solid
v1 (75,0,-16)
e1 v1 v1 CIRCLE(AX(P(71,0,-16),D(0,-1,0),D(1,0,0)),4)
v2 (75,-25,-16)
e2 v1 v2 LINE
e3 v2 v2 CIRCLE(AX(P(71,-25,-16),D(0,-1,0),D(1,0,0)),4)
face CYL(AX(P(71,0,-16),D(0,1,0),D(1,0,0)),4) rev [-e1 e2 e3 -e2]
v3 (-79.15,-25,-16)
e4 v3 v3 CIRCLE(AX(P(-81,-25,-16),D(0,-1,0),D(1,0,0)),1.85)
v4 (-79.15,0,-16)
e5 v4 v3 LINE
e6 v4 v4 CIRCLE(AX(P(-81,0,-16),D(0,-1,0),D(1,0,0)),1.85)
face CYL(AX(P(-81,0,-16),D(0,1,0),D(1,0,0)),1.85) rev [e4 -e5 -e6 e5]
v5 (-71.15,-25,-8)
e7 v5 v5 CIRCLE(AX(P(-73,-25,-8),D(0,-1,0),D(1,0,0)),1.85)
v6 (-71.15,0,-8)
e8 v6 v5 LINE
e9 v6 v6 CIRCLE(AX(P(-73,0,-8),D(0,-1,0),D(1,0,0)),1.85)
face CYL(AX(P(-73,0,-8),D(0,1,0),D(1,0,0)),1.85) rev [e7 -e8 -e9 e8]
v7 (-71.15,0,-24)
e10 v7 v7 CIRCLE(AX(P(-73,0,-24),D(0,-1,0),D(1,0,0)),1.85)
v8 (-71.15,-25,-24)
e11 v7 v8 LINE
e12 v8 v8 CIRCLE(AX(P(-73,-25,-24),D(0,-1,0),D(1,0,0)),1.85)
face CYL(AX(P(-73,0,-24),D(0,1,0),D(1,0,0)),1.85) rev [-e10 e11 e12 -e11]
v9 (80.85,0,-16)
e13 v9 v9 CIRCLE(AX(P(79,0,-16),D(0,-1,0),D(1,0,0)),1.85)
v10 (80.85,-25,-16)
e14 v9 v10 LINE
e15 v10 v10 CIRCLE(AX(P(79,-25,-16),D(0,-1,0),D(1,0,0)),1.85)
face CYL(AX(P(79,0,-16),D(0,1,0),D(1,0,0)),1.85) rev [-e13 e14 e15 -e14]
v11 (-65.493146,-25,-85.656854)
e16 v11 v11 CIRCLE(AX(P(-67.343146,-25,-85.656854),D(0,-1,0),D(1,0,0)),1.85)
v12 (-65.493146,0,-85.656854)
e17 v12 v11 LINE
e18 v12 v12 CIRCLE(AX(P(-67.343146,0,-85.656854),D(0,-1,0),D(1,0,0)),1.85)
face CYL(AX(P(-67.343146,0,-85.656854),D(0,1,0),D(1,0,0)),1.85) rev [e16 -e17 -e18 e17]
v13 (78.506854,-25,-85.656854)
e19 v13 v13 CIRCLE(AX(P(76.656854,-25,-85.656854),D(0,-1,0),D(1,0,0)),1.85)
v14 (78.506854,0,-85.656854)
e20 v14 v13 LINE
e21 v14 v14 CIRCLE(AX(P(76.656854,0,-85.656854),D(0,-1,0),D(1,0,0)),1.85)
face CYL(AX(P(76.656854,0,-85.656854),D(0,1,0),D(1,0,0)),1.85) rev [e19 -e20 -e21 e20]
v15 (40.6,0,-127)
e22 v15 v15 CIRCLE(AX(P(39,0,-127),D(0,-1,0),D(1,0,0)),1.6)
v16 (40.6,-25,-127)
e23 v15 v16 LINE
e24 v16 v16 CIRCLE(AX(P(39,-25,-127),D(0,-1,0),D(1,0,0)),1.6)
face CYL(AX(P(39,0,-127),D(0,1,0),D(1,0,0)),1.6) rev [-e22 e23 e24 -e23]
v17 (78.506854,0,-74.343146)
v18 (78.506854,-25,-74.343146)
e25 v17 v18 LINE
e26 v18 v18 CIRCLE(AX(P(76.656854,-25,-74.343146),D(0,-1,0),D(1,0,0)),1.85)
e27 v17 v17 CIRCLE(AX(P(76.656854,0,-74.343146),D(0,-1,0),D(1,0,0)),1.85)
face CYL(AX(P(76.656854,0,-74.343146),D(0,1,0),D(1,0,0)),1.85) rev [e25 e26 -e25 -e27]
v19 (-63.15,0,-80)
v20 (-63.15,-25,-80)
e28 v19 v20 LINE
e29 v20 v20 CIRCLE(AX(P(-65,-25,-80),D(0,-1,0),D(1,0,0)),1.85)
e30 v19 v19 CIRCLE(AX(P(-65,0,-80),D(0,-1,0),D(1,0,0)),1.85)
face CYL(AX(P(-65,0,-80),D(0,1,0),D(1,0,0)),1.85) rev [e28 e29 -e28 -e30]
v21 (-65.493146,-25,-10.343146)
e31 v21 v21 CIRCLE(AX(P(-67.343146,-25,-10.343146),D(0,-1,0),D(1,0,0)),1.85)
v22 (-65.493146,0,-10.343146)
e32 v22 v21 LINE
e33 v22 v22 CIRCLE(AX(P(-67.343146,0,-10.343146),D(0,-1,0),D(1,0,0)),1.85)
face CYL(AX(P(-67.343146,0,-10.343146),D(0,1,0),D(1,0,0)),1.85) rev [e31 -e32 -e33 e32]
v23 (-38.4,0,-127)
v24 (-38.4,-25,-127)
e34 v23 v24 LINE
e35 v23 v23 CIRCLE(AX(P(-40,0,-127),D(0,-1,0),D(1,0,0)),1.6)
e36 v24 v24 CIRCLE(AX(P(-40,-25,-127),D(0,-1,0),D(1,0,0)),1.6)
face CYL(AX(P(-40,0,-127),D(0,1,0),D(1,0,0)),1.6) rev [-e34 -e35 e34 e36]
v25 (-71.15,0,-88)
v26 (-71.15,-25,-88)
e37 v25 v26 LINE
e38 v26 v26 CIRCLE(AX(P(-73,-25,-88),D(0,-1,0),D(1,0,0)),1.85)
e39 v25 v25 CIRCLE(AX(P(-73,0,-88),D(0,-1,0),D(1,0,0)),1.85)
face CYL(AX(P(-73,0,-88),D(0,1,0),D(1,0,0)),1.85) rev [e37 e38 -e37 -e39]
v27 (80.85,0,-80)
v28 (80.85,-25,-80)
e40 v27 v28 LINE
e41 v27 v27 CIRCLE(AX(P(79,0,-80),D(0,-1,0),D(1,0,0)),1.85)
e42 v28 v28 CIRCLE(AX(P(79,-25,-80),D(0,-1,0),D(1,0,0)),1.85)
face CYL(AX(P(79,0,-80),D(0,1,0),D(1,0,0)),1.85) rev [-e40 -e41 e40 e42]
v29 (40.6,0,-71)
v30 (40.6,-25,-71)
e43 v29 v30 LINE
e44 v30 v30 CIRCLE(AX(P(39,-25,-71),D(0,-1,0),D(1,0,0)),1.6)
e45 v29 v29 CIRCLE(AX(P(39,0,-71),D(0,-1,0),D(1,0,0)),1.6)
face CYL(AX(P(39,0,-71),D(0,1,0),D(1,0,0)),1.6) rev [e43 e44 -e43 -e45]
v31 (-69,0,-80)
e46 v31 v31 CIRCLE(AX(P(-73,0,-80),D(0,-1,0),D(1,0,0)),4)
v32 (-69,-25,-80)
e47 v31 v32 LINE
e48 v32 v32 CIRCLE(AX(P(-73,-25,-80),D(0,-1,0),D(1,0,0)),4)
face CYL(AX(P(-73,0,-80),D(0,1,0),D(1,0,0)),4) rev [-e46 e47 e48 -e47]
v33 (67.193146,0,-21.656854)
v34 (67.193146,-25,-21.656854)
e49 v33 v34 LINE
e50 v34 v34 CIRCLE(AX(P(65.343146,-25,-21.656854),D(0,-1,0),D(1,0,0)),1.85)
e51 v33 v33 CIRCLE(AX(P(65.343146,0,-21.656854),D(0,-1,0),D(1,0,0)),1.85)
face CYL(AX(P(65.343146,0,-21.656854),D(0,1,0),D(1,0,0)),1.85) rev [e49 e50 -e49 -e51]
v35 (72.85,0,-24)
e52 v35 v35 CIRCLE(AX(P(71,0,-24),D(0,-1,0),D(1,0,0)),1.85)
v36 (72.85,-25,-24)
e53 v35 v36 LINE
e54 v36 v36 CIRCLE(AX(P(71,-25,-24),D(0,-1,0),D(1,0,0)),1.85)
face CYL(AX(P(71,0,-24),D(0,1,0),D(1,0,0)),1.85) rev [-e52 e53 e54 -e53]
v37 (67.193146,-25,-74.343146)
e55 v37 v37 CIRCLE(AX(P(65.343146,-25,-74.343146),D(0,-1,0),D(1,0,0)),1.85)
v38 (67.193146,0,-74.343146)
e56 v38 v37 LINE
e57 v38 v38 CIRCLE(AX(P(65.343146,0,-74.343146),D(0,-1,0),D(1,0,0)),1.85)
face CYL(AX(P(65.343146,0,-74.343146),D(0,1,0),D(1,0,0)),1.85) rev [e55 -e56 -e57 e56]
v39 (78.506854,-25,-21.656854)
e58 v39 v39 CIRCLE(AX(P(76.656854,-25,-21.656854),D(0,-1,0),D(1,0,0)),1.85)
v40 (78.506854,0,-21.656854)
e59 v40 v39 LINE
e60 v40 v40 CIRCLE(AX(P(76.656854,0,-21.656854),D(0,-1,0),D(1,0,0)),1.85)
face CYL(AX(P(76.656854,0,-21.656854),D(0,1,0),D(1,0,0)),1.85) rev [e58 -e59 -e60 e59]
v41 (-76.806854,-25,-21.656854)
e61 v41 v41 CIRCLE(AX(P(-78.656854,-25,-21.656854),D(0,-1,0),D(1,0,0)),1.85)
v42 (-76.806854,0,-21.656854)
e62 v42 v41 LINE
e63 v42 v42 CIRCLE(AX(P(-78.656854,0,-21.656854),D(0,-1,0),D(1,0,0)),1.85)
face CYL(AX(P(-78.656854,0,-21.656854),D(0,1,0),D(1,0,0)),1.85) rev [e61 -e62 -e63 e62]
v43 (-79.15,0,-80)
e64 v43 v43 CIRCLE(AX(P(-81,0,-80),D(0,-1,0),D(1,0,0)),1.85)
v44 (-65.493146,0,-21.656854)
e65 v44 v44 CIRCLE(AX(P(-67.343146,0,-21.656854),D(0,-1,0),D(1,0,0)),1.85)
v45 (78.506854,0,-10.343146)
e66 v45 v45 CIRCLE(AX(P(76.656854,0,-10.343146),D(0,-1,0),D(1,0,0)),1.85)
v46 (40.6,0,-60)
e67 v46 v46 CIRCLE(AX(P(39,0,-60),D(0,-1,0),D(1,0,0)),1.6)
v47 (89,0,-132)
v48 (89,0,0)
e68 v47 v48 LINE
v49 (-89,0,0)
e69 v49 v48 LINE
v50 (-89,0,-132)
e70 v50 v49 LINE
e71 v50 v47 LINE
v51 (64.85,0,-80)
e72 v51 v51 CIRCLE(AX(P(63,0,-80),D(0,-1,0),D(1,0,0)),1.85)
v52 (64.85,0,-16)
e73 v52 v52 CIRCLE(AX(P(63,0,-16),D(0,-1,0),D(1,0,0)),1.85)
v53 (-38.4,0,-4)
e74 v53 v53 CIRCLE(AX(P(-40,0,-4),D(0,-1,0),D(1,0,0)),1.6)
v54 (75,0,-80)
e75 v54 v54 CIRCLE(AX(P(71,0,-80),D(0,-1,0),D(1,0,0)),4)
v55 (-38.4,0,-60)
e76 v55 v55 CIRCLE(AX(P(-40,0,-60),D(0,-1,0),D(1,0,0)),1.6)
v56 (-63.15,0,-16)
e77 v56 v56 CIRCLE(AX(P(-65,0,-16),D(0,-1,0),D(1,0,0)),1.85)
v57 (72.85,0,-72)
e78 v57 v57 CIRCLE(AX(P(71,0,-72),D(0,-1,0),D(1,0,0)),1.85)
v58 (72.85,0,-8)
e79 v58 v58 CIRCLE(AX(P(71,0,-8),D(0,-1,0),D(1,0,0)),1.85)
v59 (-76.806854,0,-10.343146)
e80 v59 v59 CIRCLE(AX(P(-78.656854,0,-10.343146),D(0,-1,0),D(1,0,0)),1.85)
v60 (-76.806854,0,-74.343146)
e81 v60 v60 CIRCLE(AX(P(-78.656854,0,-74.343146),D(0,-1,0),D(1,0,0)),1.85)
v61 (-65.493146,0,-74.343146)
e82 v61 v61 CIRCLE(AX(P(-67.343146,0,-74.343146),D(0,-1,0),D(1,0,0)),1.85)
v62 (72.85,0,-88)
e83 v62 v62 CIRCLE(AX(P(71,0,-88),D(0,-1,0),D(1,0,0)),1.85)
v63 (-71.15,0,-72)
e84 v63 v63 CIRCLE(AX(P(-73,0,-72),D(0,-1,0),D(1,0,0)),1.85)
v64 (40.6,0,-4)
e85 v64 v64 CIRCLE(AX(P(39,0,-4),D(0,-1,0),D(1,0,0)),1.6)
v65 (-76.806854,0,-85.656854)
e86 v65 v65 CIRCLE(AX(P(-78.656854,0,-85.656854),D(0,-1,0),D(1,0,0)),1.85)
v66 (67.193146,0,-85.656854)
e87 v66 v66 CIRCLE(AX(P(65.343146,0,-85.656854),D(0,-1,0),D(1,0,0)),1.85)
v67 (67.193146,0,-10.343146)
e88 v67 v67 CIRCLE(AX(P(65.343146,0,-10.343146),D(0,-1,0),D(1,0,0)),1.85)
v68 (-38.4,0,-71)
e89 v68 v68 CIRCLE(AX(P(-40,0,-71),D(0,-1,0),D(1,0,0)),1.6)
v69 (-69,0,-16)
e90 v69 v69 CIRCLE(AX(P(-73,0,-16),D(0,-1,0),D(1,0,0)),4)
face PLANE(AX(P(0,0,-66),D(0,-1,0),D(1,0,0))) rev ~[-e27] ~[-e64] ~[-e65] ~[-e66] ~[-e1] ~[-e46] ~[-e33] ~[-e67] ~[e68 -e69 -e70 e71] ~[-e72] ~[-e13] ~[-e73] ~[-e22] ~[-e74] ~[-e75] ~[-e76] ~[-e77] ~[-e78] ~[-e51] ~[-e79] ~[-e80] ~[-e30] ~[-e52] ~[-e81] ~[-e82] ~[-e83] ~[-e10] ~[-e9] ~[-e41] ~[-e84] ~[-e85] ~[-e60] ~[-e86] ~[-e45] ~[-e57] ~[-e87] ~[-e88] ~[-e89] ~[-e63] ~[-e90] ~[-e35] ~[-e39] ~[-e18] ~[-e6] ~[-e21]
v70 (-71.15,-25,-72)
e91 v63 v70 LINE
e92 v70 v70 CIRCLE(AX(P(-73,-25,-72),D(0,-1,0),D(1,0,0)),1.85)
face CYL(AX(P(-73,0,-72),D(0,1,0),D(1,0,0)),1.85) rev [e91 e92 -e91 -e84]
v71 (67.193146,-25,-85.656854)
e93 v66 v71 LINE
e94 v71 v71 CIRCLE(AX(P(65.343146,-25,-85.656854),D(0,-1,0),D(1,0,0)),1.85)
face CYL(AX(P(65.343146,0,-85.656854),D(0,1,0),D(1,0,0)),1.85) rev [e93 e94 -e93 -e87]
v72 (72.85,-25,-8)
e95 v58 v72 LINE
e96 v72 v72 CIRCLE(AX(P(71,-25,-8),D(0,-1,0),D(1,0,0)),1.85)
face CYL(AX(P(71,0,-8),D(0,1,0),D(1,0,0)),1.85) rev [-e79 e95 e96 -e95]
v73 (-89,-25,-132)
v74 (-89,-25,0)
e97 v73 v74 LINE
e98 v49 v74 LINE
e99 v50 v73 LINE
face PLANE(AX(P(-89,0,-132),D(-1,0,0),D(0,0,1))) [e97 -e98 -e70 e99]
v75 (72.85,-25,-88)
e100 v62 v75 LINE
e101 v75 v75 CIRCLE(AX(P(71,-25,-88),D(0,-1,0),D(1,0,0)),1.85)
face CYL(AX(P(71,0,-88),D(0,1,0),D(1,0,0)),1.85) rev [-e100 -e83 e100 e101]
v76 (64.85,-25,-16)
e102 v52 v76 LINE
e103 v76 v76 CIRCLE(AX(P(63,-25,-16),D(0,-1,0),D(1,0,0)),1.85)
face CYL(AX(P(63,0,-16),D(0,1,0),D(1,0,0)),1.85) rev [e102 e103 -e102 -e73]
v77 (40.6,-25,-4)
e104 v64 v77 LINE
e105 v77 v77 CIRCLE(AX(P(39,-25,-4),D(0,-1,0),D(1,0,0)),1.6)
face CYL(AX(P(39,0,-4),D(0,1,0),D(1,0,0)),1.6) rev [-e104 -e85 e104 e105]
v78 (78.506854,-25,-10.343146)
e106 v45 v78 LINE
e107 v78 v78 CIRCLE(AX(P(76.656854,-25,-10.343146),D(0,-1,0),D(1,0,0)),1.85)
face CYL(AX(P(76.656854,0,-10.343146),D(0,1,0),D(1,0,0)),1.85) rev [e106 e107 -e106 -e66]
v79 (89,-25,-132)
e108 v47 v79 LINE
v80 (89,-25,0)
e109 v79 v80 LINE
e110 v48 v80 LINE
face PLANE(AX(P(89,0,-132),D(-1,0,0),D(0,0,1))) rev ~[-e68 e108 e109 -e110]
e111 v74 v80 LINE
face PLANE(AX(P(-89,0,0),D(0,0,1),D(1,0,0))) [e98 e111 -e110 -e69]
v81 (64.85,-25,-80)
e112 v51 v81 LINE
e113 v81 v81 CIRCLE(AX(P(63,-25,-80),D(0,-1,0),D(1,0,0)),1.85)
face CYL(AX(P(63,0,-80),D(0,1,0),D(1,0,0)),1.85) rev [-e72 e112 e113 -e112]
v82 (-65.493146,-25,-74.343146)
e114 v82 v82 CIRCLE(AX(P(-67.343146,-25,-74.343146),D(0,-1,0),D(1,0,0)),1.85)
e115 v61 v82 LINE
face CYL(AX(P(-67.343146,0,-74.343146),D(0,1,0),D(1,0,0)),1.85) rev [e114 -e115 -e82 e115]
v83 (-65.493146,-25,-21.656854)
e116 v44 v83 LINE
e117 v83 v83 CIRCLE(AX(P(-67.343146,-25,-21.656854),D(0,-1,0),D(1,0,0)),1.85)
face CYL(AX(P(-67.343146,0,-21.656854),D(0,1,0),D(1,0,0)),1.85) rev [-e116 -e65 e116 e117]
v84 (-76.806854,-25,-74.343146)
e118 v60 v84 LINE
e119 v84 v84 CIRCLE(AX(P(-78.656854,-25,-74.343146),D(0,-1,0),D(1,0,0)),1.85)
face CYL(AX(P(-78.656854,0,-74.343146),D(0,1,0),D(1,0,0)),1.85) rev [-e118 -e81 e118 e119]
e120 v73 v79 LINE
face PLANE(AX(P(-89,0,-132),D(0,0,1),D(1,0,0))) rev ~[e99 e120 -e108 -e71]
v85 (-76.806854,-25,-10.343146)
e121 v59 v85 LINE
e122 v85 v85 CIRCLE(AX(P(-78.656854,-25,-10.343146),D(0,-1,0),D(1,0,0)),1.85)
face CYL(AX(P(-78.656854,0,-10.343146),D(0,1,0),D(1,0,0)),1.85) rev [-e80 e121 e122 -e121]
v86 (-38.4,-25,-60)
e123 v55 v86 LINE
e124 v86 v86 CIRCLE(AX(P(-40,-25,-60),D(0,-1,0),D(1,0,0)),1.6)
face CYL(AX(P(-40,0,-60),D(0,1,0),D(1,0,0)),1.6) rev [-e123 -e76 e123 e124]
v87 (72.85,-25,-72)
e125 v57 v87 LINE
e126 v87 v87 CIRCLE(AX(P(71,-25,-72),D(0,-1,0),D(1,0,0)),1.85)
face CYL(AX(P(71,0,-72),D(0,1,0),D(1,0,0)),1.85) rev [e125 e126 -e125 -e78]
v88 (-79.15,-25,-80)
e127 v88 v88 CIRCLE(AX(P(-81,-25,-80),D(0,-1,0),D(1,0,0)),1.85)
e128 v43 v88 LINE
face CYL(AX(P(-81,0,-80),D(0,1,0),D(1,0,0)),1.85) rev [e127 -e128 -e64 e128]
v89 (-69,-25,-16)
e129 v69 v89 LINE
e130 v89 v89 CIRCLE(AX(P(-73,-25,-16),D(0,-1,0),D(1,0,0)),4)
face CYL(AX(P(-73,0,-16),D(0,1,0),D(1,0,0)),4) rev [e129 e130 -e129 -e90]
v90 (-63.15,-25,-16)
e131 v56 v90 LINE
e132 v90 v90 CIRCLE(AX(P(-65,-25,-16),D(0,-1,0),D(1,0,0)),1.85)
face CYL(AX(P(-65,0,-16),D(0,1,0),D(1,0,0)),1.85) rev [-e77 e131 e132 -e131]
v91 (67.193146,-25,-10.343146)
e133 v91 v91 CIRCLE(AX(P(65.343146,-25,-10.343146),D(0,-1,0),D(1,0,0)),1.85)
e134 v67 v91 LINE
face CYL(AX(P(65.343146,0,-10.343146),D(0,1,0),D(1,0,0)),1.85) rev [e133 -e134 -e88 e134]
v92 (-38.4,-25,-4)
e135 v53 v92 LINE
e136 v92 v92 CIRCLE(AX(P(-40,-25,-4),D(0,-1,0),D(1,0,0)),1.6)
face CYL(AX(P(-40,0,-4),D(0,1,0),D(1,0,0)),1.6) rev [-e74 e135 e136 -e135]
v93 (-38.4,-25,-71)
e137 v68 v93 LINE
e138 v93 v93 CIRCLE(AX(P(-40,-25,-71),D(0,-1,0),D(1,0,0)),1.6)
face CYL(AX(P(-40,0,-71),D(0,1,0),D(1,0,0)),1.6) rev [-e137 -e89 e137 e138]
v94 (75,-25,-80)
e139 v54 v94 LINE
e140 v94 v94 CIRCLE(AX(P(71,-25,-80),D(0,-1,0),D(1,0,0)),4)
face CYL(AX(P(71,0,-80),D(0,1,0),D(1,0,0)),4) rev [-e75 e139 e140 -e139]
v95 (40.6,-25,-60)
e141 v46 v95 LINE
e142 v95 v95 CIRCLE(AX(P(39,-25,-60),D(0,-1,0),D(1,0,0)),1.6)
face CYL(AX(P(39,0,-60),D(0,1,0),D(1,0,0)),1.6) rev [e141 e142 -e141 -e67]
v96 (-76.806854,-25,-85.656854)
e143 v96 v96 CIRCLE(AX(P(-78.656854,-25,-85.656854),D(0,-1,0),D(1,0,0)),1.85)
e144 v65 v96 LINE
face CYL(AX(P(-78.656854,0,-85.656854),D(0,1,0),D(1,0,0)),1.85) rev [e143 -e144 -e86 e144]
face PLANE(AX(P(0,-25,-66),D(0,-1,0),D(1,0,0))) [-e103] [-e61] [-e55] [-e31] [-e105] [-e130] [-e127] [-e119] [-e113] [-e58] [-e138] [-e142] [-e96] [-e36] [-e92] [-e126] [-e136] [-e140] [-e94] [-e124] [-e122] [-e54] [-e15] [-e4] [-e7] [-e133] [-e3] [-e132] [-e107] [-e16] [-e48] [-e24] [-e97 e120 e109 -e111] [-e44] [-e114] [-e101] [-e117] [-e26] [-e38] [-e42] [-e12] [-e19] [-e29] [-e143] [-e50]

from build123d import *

# Parameters (mm, degrees)
F0_W     = 178
F0_H     = 132
F0_R     = 1.6
F0_R_2   = 1.85
F0_R_3   = 4
F1_DEPTH = 25


with BuildPart() as f1:
    # F0 (on Front) → F1 (new body)
    with BuildSketch(Plane.XZ):
        with Locations((0, -66)):
            Rectangle(F0_W, F0_H)
        with Locations((-40, -127)):
            Circle(F0_R, mode=Mode.SUBTRACT)
        with Locations((-78.656854, -85.656854)):
            Circle(F0_R_2, mode=Mode.SUBTRACT)
        with Locations((-73, -88)):
            Circle(F0_R_2, mode=Mode.SUBTRACT)
        with Locations((-67.343146, -85.656854)):
            Circle(F0_R_2, mode=Mode.SUBTRACT)
        with Locations((-81, -80)):
            Circle(F0_R_2, mode=Mode.SUBTRACT)
        with Locations((-78.656854, -74.343146)):
            Circle(F0_R_2, mode=Mode.SUBTRACT)
        with Locations((-73, -80)):
            Circle(F0_R_3, mode=Mode.SUBTRACT)
        with Locations((-67.343146, -74.343146)):
            Circle(F0_R_2, mode=Mode.SUBTRACT)
        with Locations((-73, -72)):
            Circle(F0_R_2, mode=Mode.SUBTRACT)
        with Locations((-65, -80)):
            Circle(F0_R_2, mode=Mode.SUBTRACT)
        with Locations((-40, -71)):
            Circle(F0_R, mode=Mode.SUBTRACT)
        with Locations((39, -127)):
            Circle(F0_R, mode=Mode.SUBTRACT)
        with Locations((39, -71)):
            Circle(F0_R, mode=Mode.SUBTRACT)
        with Locations((65.343146, -85.656854)):
            Circle(F0_R_2, mode=Mode.SUBTRACT)
        with Locations((71, -88)):
            Circle(F0_R_2, mode=Mode.SUBTRACT)
        with Locations((76.656854, -85.656854)):
            Circle(F0_R_2, mode=Mode.SUBTRACT)
        with Locations((63, -80)):
            Circle(F0_R_2, mode=Mode.SUBTRACT)
        with Locations((65.343146, -74.343146)):
            Circle(F0_R_2, mode=Mode.SUBTRACT)
        with Locations((71, -80)):
            Circle(F0_R_3, mode=Mode.SUBTRACT)
        with Locations((76.656854, -74.343146)):
            Circle(F0_R_2, mode=Mode.SUBTRACT)
        with Locations((79, -80)):
            Circle(F0_R_2, mode=Mode.SUBTRACT)
        with Locations((71, -72)):
            Circle(F0_R_2, mode=Mode.SUBTRACT)
        with Locations((-40, -60)):
            Circle(F0_R, mode=Mode.SUBTRACT)
        with Locations((-78.656854, -21.656854)):
            Circle(F0_R_2, mode=Mode.SUBTRACT)
        with Locations((-73, -24)):
            Circle(F0_R_2, mode=Mode.SUBTRACT)
        with Locations((-67.343146, -21.656854)):
            Circle(F0_R_2, mode=Mode.SUBTRACT)
        with Locations((-81, -16)):
            Circle(F0_R_2, mode=Mode.SUBTRACT)
        with Locations((-78.656854, -10.343146)):
            Circle(F0_R_2, mode=Mode.SUBTRACT)
        with Locations((-73, -16)):
            Circle(F0_R_3, mode=Mode.SUBTRACT)
        with Locations((-67.343146, -10.343146)):
            Circle(F0_R_2, mode=Mode.SUBTRACT)
        with Locations((-73, -8)):
            Circle(F0_R_2, mode=Mode.SUBTRACT)
        with Locations((-65, -16)):
            Circle(F0_R_2, mode=Mode.SUBTRACT)
        with Locations((-40, -4)):
            Circle(F0_R, mode=Mode.SUBTRACT)
        with Locations((39, -60)):
            Circle(F0_R, mode=Mode.SUBTRACT)
        with Locations((39, -4)):
            Circle(F0_R, mode=Mode.SUBTRACT)
        with Locations((65.343146, -21.656854)):
            Circle(F0_R_2, mode=Mode.SUBTRACT)
        with Locations((71, -24)):
            Circle(F0_R_2, mode=Mode.SUBTRACT)
        with Locations((76.656854, -21.656854)):
            Circle(F0_R_2, mode=Mode.SUBTRACT)
        with Locations((63, -16)):
            Circle(F0_R_2, mode=Mode.SUBTRACT)
        with Locations((65.343146, -10.343146)):
            Circle(F0_R_2, mode=Mode.SUBTRACT)
        with Locations((71, -16)):
            Circle(F0_R_3, mode=Mode.SUBTRACT)
        with Locations((76.656854, -10.343146)):
            Circle(F0_R_2, mode=Mode.SUBTRACT)
        with Locations((79, -16)):
            Circle(F0_R_2, mode=Mode.SUBTRACT)
        with Locations((71, -8)):
            Circle(F0_R_2, mode=Mode.SUBTRACT)
    extrude(amount=F1_DEPTH)


solid = f1.part
